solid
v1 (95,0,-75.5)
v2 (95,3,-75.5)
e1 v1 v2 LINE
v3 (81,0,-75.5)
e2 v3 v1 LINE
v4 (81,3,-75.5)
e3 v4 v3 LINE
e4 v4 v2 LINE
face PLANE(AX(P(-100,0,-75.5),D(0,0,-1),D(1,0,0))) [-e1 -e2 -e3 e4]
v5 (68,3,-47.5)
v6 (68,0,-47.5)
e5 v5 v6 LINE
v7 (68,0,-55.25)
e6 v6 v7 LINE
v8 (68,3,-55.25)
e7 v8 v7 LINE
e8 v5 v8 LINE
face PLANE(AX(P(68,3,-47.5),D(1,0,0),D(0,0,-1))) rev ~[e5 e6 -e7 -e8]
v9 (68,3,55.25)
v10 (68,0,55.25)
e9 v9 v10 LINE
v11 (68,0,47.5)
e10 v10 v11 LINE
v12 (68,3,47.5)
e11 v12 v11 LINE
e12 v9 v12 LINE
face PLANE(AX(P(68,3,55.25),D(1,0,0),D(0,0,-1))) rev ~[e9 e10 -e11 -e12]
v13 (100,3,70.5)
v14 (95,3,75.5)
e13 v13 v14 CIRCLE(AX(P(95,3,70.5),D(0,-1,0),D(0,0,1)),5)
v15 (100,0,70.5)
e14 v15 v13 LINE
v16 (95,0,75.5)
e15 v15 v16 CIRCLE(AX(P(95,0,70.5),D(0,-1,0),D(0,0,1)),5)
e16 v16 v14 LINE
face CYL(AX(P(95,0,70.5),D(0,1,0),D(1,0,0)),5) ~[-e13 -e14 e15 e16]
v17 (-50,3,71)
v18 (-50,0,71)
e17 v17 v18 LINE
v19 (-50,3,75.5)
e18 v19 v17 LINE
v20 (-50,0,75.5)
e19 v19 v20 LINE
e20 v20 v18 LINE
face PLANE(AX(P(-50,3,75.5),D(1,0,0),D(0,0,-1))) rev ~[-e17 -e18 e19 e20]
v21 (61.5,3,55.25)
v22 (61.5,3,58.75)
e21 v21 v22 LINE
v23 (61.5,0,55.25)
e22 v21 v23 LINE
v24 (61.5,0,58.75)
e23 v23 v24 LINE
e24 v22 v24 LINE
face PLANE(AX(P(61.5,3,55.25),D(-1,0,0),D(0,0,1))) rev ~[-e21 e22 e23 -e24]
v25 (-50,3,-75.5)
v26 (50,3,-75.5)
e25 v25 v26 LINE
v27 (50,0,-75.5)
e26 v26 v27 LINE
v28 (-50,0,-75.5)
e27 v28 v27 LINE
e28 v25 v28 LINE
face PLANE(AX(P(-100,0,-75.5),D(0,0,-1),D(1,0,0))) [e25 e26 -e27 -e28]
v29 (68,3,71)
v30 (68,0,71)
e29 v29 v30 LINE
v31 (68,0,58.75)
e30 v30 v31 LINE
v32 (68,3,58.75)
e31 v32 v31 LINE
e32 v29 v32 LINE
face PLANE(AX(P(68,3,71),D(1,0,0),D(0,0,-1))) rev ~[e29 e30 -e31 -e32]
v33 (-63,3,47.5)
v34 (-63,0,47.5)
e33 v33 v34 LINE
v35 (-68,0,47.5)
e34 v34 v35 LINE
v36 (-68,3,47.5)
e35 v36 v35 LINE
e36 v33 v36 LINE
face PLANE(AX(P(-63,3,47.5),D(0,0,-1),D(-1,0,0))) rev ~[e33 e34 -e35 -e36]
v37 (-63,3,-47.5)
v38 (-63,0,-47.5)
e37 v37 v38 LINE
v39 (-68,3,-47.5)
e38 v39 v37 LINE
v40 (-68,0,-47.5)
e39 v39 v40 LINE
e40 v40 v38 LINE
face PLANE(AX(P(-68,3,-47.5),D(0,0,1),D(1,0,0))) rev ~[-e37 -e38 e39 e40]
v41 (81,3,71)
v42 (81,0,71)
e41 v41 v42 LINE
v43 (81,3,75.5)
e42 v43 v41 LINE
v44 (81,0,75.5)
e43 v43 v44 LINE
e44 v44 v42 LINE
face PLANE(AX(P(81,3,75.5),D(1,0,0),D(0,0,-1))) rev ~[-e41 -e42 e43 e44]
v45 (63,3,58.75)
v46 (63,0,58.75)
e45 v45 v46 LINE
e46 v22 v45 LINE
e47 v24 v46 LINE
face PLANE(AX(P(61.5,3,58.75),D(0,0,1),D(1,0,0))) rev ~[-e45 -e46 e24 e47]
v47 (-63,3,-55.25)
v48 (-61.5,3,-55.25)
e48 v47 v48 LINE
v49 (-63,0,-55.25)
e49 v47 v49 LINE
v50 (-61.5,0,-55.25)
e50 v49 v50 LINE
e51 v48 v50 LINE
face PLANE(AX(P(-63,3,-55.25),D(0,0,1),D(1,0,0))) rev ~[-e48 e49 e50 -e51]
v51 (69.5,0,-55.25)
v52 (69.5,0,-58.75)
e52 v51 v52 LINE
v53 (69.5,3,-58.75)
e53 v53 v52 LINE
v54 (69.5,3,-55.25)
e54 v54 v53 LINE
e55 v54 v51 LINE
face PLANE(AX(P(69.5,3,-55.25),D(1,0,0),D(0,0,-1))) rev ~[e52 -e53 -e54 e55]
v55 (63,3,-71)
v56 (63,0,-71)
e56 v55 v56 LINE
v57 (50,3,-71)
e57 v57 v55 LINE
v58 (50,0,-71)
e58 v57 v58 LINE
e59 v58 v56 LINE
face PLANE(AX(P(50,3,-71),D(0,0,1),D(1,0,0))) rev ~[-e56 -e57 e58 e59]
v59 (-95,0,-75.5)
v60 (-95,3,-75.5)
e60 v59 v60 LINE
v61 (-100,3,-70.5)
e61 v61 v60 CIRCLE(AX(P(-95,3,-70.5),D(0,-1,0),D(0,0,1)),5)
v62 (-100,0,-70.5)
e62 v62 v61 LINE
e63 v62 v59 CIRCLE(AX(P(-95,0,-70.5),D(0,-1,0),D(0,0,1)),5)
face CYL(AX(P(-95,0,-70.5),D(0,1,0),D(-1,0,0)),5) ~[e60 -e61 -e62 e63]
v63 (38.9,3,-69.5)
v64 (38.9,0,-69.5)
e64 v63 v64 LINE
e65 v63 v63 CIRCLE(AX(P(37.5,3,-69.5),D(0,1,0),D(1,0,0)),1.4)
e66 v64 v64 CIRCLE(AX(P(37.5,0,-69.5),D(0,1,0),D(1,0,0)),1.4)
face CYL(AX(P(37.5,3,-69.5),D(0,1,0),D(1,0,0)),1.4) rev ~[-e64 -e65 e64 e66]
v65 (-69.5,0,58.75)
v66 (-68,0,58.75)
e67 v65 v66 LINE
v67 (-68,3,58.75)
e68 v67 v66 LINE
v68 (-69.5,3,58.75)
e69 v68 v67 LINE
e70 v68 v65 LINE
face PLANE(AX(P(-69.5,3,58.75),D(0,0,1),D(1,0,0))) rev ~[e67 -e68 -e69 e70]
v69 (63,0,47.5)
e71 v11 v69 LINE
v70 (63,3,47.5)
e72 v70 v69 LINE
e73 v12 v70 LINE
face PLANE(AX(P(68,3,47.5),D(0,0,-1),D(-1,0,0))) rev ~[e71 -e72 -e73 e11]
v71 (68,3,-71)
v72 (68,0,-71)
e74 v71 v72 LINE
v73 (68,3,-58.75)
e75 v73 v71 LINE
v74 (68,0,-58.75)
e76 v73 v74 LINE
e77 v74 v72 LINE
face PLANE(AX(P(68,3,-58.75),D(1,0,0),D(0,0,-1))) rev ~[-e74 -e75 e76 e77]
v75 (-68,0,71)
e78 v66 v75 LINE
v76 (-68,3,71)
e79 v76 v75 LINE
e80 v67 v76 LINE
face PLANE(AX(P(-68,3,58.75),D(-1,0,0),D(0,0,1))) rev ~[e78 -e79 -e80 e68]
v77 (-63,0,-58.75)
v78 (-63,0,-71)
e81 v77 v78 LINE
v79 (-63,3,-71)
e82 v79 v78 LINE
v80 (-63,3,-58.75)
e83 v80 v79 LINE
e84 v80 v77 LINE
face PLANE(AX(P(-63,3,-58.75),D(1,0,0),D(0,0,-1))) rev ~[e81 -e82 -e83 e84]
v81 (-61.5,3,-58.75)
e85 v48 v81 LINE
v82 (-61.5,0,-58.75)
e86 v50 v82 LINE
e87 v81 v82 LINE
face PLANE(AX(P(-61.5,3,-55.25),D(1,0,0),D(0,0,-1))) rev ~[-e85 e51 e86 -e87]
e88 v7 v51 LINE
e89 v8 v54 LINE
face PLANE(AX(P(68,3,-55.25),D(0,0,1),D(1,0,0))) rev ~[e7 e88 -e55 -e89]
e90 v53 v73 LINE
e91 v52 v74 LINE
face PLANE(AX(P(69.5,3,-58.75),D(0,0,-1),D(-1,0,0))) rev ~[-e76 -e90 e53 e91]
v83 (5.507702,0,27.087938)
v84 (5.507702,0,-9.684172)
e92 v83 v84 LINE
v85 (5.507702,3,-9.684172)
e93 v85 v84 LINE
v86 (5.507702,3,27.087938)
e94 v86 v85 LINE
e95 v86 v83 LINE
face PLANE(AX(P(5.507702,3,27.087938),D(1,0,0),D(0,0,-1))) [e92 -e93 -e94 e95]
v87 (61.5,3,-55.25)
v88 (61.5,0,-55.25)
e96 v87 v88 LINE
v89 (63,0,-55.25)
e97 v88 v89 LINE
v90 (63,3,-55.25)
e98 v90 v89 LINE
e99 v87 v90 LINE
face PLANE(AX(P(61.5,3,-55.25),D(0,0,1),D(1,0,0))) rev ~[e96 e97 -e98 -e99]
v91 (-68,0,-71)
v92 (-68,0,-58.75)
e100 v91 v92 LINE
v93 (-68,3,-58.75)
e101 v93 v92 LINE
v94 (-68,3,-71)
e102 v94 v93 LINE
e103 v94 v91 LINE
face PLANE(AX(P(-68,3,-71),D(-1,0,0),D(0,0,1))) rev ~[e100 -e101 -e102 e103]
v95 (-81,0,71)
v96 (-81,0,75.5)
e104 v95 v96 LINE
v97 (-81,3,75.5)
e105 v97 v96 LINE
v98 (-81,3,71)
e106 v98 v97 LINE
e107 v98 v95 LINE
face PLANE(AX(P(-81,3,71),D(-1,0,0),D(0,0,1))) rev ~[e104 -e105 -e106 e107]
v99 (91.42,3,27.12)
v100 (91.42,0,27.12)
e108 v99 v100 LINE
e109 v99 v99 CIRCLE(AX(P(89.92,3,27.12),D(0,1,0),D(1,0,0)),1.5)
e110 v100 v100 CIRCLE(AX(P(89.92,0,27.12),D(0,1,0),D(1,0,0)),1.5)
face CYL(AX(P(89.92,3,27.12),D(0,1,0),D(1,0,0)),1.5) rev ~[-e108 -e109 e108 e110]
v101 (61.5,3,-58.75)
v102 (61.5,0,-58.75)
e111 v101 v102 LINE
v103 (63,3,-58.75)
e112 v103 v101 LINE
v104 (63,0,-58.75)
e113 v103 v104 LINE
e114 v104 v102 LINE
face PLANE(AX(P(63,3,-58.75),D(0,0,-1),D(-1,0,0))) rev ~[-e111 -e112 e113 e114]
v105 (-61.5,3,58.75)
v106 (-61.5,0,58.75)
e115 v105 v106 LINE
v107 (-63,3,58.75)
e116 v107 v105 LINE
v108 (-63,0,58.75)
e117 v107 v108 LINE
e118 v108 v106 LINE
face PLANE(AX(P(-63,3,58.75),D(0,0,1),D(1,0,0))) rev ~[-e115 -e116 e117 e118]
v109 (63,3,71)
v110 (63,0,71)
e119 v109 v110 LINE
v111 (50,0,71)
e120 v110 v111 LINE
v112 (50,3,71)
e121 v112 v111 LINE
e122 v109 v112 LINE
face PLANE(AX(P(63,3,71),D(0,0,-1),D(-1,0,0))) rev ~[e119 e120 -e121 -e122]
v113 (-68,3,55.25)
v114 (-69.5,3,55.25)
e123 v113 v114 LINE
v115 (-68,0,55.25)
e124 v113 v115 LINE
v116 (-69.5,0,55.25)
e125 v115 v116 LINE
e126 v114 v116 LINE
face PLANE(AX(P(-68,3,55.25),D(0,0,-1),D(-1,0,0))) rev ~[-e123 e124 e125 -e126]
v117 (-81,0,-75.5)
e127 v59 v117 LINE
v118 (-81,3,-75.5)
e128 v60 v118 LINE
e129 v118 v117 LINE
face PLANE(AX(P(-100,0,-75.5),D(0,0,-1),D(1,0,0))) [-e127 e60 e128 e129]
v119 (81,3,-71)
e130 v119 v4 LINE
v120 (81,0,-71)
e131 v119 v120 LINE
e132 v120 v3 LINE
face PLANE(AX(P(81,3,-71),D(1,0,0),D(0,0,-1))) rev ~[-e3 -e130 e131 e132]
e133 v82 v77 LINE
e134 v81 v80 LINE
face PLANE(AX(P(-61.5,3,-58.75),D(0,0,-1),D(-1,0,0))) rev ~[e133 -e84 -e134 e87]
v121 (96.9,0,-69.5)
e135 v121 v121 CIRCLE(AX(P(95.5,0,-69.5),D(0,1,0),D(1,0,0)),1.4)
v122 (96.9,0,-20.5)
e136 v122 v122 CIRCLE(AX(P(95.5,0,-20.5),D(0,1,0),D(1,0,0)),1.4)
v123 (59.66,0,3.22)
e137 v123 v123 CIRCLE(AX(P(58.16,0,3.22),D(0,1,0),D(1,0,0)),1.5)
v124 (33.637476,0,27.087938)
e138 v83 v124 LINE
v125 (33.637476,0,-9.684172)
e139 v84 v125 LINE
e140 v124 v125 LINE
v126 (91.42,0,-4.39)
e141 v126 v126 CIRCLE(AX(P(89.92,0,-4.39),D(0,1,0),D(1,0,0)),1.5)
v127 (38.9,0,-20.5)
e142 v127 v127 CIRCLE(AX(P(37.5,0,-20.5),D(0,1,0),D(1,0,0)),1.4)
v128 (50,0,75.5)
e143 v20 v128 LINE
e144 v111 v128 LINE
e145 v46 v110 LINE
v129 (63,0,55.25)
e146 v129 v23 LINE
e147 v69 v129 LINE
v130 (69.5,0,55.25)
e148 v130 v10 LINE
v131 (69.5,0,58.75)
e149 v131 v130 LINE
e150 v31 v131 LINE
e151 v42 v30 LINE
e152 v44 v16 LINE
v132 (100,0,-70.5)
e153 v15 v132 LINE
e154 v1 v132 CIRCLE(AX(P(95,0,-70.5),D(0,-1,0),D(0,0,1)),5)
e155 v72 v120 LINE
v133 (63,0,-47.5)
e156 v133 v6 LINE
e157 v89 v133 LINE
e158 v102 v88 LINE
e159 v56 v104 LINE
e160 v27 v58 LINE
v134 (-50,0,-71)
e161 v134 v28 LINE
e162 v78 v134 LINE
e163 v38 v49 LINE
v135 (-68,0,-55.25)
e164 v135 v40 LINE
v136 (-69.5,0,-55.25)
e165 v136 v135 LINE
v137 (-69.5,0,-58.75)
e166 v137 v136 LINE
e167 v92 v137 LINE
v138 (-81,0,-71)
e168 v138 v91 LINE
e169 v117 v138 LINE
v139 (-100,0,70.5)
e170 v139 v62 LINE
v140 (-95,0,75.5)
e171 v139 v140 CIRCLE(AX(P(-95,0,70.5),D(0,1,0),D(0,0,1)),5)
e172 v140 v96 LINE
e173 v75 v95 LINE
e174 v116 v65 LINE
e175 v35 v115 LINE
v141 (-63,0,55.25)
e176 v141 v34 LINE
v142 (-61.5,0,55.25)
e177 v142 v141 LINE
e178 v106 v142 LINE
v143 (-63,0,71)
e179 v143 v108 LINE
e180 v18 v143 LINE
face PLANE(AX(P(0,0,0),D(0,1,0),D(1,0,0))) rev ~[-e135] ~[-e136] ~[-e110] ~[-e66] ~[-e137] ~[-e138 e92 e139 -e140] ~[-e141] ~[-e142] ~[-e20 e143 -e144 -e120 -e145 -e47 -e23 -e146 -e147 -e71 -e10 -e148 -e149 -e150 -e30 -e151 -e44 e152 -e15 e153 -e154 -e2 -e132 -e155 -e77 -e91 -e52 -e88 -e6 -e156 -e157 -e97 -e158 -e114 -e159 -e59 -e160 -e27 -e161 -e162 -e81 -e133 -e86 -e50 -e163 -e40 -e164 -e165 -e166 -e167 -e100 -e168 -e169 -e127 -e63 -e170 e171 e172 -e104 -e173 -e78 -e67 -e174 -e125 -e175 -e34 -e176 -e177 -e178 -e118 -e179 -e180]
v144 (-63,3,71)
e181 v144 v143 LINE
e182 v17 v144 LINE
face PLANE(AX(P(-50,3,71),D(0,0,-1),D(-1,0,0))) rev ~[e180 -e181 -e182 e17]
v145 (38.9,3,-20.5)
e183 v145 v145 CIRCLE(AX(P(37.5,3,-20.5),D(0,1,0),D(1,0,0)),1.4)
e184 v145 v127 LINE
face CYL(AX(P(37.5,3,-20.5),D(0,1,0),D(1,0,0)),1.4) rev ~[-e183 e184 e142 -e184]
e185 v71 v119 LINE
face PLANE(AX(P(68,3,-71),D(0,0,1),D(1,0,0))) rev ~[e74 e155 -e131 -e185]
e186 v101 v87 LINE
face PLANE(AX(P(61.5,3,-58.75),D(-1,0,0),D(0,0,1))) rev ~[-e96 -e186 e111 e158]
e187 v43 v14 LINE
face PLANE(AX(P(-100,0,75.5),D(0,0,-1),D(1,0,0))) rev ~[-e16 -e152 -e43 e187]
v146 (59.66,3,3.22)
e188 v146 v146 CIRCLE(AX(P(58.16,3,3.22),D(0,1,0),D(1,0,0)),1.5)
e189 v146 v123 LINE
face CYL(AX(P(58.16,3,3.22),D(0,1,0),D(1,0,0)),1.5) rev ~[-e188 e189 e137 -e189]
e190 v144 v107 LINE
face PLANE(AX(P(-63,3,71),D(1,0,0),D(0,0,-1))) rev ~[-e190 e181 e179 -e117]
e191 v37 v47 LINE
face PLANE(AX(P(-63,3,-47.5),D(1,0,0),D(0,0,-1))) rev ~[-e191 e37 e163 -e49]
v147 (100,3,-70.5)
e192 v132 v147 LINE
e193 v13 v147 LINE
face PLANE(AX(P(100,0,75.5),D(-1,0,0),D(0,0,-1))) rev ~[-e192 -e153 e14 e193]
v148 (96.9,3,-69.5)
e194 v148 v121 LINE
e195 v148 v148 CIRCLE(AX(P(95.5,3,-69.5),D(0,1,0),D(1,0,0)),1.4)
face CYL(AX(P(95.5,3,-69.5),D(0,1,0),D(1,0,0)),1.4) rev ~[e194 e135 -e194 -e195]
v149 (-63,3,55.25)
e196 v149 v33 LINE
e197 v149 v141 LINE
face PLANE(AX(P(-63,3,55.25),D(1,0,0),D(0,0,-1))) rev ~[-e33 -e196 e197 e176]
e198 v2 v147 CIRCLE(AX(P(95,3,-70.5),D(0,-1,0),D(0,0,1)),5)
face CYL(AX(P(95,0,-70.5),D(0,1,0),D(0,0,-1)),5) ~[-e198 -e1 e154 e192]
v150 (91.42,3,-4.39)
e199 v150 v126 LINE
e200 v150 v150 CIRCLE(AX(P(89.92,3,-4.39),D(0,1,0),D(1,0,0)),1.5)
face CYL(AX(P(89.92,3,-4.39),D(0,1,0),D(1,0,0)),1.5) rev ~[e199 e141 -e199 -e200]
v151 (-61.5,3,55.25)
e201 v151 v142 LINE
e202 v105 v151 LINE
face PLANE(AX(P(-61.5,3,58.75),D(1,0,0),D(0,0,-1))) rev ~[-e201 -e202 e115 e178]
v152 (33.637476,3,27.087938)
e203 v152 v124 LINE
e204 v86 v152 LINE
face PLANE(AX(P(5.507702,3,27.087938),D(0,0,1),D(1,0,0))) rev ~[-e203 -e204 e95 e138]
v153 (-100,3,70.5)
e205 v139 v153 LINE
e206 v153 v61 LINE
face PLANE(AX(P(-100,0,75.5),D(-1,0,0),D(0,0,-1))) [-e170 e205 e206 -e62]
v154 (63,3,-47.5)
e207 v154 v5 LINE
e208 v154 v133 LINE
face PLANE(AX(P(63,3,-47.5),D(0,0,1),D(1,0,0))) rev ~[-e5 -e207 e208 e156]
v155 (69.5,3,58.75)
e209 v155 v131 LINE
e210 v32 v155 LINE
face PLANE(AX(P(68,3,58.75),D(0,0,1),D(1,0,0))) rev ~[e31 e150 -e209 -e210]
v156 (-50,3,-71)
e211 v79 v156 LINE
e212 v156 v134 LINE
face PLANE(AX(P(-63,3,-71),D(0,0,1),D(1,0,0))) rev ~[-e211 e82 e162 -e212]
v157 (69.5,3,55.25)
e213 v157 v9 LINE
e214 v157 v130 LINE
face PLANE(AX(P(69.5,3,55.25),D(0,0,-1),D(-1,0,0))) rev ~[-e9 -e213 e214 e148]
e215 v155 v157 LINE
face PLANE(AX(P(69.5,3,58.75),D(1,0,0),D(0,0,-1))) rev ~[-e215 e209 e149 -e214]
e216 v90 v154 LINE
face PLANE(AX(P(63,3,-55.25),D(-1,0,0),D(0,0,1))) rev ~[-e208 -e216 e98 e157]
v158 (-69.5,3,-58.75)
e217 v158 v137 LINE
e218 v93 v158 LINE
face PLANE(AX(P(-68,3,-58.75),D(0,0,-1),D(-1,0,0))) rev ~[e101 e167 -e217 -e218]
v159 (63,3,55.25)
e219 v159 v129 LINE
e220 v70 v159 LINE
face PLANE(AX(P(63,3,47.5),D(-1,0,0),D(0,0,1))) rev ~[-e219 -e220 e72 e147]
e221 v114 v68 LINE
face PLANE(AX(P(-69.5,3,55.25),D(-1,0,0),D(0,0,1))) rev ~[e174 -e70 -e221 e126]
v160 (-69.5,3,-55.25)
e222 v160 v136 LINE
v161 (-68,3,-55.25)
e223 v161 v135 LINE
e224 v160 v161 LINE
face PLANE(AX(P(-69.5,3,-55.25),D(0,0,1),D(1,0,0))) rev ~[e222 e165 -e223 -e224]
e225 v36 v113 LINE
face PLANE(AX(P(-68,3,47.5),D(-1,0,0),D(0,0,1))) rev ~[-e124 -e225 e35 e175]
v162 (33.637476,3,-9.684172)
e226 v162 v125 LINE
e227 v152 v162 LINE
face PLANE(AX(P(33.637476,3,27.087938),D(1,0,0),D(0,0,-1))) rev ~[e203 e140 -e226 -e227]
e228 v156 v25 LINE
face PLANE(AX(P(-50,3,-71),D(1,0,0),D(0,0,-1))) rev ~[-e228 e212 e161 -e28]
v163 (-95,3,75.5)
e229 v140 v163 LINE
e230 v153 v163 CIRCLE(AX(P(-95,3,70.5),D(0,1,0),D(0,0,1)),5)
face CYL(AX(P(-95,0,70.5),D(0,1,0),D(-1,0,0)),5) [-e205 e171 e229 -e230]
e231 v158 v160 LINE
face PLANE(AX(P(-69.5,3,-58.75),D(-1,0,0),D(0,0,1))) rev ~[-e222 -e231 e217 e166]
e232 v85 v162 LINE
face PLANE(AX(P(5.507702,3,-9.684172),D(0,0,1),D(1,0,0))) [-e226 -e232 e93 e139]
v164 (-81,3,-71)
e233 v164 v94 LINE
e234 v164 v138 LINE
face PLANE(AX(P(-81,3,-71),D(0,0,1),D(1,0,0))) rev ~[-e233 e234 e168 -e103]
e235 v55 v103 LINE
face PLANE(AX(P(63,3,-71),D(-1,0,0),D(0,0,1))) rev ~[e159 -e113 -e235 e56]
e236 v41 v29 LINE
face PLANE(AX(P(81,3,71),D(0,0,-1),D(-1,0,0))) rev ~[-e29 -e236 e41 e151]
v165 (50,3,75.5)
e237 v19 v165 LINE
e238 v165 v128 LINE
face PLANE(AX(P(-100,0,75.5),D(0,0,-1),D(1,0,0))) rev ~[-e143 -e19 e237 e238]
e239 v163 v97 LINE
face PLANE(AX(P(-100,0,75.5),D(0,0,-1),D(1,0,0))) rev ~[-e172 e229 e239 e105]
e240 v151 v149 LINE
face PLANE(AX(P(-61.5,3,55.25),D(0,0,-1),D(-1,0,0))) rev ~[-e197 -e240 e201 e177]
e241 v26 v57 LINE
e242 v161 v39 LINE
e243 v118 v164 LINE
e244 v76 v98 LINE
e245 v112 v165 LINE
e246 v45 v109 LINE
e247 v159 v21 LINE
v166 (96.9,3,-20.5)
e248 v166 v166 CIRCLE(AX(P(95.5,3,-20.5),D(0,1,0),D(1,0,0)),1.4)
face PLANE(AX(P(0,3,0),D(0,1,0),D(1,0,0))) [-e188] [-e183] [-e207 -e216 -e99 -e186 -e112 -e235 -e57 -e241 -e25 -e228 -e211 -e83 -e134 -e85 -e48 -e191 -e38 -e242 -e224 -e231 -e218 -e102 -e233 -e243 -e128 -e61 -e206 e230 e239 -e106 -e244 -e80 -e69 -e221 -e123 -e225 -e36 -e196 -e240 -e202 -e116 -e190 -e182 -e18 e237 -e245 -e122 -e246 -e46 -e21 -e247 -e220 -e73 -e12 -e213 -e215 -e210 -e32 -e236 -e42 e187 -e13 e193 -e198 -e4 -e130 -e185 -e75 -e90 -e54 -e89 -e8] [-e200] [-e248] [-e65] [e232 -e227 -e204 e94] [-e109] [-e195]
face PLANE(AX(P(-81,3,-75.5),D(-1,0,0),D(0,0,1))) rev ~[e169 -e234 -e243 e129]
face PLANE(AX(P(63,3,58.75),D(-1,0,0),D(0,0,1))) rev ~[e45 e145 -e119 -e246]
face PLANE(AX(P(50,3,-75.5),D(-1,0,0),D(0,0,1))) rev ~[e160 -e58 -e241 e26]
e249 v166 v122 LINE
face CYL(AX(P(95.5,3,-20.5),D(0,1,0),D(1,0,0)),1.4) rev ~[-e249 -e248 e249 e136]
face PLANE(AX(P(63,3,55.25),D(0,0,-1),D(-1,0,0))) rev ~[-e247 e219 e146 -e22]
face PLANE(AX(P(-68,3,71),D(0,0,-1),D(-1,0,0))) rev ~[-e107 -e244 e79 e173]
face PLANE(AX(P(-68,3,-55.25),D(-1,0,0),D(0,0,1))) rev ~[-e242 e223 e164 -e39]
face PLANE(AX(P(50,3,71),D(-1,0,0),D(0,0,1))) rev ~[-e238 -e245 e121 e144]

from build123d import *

# Parameters (mm, degrees)
SKETCH1_W           = 200
SKETCH1_H           = 151
BOSS_EXTRUDE1_DEPTH = 3
SKETCH2_W           = 28.1297743
SKETCH2_H           = 36.772110208
SKETCH2_R           = 1.5
SKETCH2_R_2         = 1.4
CUT_EXTRUDE2_DEPTH  = 4
FILLET1_R           = 5


with BuildPart() as part:
    # Sketch1 → Boss-Extrude1 (new body)
    with BuildSketch(Plane(origin=(0, 0, 0), x_dir=(1, 0, 0), z_dir=(0, 1, 0))):
        Rectangle(SKETCH1_W, SKETCH1_H)
    extrude(amount=BOSS_EXTRUDE1_DEPTH)

    # Sketch2 → Cut-Extrude2 (cut, through all)
    with BuildSketch(Plane(origin=(0, 3, 0), x_dir=(1, 0, 0), z_dir=(0, 1, 0))):
        Polygon((-50, 75.5), (-81, 75.5), (-81, 71), (-68, 71), (-68, 58.75), (-69.5, 58.75), (-69.5, 55.25), (-68, 55.25), (-68, 47.5), (-63, 47.5), (-63, 55.25), (-61.5, 55.25), (-61.5, 58.75), (-63, 58.75), (-63, 71), (-50, 71), align=None)
        Polygon((50, 71), (63, 71), (63, 58.75), (61.5, 58.75), (61.5, 55.25), (63, 55.25), (63, 47.5), (68, 47.5), (68, 55.25), (69.5, 55.25), (69.5, 58.75), (68, 58.75), (68, 71), (81, 71), (81, 75.5), (50, 75.5), align=None)
        Polygon((50, -75.5), (81, -75.5), (81, -71), (68, -71), (68, -58.75), (69.5, -58.75), (69.5, -55.25), (68, -55.25), (68, -47.5), (63, -47.5), (63, -55.25), (61.5, -55.25), (61.5, -58.75), (63, -58.75), (63, -71), (50, -71), align=None)
        Polygon((-50, -71), (-63, -71), (-63, -58.75), (-61.5, -58.75), (-61.5, -55.25), (-63, -55.25), (-63, -47.5), (-68, -47.5), (-68, -55.25), (-69.5, -55.25), (-69.5, -58.75), (-68, -58.75), (-68, -71), (-81, -71), (-81, -75.5), (-50, -75.5), align=None)
        with Locations((19.572588651, -8.701882989)):
            Rectangle(SKETCH2_W, SKETCH2_H)
        with Locations((89.92, -27.12)):
            Circle(SKETCH2_R)
        with Locations((89.92, 4.39)):
            Circle(SKETCH2_R)
        with Locations((58.16, -3.22)):
            Circle(SKETCH2_R)
        with Locations((95.5, 20.5)):
            Circle(SKETCH2_R_2)
        with Locations((37.5, 20.5)):
            Circle(SKETCH2_R_2)
        with Locations((37.5, 69.5)):
            Circle(SKETCH2_R_2)
        with Locations((95.5, 69.5)):
            Circle(SKETCH2_R_2)
    extrude(amount=-CUT_EXTRUDE2_DEPTH, mode=Mode.SUBTRACT)

    # Fillet1
    fillet1_edges = [part.edges().sort_by_distance(p)[0] for p in [
        (100, 1.5, 75.5),
        (-100, 1.5, 75.5),
        (-100, 1.5, -75.5),
        (100, 1.5, -75.5),
    ]]
    fillet(fillet1_edges, radius=FILLET1_R)


solid = part.part
